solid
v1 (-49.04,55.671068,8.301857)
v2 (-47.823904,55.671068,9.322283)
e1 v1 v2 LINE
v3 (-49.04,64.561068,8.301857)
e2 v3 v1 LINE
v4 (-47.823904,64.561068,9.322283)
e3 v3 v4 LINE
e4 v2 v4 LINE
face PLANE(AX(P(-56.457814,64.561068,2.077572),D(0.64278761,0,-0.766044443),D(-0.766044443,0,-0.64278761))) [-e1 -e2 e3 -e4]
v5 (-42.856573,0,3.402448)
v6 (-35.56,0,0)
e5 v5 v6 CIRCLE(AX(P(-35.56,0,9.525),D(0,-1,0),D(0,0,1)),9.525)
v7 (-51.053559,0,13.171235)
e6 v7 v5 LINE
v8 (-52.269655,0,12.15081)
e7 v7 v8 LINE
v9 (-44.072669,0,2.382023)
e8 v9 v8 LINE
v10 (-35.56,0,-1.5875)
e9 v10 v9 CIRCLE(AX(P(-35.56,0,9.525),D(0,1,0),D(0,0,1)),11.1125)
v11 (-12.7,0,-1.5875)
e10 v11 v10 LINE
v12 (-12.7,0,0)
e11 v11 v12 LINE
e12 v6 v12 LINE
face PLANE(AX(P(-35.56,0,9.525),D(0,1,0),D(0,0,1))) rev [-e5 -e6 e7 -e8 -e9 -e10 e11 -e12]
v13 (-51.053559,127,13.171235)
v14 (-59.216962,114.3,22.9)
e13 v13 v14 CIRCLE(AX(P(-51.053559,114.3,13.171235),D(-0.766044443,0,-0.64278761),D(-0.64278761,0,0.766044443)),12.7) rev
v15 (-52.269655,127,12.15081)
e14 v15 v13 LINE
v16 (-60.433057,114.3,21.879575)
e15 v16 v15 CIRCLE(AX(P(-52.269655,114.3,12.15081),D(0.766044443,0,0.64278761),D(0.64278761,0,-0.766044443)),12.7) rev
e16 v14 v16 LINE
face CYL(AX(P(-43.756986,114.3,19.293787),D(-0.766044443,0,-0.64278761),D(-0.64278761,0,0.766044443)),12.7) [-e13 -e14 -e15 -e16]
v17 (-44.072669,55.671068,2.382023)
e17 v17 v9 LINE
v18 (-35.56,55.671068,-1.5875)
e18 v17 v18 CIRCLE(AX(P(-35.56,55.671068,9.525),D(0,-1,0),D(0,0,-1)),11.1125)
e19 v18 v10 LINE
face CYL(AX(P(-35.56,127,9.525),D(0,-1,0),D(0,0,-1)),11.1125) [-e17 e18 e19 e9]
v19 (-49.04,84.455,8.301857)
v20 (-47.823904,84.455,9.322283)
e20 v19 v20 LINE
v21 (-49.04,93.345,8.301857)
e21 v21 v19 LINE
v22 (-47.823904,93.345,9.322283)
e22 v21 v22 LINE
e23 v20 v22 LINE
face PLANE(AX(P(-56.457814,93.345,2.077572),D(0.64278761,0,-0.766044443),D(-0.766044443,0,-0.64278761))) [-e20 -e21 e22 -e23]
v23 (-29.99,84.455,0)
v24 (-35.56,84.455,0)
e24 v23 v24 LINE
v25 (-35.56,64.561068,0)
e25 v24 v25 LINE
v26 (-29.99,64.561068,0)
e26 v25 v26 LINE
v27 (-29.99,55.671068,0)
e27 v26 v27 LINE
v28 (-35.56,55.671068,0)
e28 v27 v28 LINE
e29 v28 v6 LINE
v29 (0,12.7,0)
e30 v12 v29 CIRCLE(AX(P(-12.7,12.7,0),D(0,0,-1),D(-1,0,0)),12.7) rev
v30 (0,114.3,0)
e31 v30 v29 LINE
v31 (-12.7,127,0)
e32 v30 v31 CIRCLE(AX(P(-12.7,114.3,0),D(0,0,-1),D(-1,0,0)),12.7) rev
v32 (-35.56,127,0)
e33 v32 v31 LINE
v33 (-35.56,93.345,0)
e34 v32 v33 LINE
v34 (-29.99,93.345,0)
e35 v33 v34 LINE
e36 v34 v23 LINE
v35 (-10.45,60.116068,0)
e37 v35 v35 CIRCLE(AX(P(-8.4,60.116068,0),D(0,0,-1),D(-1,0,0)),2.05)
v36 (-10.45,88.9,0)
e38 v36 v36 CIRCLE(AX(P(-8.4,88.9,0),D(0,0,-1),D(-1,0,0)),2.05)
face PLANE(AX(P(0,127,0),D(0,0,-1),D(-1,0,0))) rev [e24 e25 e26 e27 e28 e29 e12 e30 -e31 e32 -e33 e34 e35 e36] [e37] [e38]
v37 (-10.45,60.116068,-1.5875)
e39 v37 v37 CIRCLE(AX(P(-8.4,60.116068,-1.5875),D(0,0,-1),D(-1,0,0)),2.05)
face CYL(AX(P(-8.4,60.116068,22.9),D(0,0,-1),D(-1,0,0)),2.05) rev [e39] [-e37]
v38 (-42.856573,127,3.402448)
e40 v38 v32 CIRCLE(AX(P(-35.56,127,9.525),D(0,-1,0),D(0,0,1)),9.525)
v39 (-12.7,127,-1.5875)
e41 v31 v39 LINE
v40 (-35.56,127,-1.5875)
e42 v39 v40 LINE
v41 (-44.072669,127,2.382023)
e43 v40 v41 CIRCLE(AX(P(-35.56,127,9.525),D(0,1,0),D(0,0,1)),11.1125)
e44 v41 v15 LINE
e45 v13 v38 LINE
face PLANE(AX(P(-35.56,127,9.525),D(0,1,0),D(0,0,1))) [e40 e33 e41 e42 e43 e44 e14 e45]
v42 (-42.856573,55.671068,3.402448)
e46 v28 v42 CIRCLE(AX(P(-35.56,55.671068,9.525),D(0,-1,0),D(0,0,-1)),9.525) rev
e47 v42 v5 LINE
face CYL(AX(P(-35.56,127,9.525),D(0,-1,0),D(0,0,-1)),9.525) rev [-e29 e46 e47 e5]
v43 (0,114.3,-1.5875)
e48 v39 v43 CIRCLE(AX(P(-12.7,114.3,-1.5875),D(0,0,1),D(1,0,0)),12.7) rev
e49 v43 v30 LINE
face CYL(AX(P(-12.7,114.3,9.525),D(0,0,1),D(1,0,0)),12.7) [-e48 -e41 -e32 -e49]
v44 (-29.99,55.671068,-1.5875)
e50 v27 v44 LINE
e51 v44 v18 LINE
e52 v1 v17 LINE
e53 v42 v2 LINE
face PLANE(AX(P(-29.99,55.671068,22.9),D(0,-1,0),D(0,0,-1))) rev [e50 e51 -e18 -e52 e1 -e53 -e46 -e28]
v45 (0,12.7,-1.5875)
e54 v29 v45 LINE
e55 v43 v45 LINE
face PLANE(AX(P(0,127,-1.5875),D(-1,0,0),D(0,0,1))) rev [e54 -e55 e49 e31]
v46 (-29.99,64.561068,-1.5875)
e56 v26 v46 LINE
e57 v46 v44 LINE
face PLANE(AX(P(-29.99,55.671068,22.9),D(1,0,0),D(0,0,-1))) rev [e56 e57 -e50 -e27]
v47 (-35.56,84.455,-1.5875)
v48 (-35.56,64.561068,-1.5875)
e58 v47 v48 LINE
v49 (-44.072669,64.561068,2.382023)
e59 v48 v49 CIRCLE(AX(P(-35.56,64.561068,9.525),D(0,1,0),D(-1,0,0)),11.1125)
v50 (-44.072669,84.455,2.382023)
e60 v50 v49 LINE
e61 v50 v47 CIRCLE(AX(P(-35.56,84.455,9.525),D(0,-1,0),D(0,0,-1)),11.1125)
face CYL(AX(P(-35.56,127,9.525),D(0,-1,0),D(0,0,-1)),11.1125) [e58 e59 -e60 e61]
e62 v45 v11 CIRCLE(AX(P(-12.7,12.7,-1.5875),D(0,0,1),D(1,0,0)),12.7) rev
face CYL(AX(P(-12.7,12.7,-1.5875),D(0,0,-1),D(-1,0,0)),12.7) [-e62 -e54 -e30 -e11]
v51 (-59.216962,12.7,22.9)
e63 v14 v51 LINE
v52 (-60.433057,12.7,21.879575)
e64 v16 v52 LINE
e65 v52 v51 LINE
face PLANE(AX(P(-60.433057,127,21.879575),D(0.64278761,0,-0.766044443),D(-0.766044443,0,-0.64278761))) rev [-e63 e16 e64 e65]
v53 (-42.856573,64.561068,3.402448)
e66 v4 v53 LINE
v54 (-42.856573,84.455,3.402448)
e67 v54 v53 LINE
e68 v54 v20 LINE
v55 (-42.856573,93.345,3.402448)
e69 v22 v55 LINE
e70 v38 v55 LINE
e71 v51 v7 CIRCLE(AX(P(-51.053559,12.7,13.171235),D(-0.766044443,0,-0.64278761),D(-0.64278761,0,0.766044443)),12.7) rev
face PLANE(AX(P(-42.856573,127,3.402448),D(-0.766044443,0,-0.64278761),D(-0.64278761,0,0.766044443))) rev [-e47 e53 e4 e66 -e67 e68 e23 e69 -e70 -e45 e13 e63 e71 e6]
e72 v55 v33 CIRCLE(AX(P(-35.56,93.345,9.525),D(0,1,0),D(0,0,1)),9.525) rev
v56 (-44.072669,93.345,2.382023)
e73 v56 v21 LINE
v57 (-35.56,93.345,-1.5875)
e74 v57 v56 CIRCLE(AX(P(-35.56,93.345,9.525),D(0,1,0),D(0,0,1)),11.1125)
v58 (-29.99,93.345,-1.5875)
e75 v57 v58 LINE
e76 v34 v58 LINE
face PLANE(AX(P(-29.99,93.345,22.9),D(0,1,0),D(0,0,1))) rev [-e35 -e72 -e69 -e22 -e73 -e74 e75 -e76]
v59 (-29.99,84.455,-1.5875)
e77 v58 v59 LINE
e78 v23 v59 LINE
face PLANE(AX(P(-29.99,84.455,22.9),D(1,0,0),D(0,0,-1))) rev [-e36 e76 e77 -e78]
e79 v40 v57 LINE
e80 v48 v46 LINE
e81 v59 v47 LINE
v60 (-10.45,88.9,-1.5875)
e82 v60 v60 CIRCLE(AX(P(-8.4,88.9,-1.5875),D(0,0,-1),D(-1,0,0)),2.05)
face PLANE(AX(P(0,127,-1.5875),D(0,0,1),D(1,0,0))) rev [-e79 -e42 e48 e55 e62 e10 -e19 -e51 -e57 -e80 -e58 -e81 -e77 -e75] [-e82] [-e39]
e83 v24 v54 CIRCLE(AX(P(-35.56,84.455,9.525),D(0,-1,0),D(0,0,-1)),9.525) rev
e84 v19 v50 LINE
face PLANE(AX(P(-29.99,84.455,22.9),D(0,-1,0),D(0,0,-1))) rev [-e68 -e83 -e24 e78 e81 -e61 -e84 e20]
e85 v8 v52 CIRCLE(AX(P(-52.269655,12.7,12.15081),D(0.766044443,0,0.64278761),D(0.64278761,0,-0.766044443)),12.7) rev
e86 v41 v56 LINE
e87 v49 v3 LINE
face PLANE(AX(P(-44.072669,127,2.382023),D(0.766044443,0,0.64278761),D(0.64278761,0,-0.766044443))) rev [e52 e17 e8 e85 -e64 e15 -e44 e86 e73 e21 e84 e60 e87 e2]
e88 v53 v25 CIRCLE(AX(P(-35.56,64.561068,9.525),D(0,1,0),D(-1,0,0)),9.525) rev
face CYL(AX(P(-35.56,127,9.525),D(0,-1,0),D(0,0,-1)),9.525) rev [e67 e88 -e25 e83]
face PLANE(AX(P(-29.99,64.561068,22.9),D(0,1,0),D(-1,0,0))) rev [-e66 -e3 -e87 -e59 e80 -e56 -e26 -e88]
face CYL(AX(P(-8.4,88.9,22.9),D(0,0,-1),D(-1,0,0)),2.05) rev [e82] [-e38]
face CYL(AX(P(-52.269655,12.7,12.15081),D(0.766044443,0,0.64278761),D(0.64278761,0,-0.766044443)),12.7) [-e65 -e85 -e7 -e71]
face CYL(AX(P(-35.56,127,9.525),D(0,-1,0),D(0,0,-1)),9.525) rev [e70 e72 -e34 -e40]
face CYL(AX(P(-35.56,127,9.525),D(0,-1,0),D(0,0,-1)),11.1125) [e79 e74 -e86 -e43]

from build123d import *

# Parameters (mm, degrees)
BOSS_EXTRUDE1_DEPTH = 127
SKETCH2_R           = 2.049999964
SKETCH2_W           = 19.05
SKETCH2_H           = 8.89
CUT_EXTRUDE1_DEPTH  = 25.48749992
FILLET1_R           = 12.7
BOSS_EXTRUDE2_REACH = 18.672
SKETCH4_W           = 1.891908828
SKETCH4_H           = 8.89


with BuildPart() as part:
    # Sketch1 → Boss-Extrude1 (new body)
    with BuildSketch(Plane(origin=(0, 0, 0), x_dir=(1, 0, 0), z_dir=(0, 1, 0))):
        with BuildLine():
            Line((0, 0), (-35.56, 0))
            ThreePointArc((-35.56, 0), (-39.585438943, -0.892418328), (-42.856573321, -3.402448018))
            Line((-42.856573321, -3.402448018), (-59.216961931, -22.89999992))
            Line((-59.216961931, -22.89999992), (-60.433057484, -21.87957459))
            Line((-60.433057484, -21.87957459), (-44.072668874, -2.382022687))
            ThreePointArc((-44.072668874, -2.382022687), (-40.256345434, 0.546345283), (-35.56, 1.5875))
            Line((-35.56, 1.5875), (0, 1.5875))
            Line((0, 1.5875), (0, 0))
        make_face()
    extrude(amount=BOSS_EXTRUDE1_DEPTH)

    # Sketch2 → Cut-Extrude1 (cut, through all)
    with BuildSketch(Plane(origin=(0, 0, -1.5875), x_dir=(-1, 0, 0), z_dir=(0, 0, -1))):
        with Locations((8.399999964, 88.9)):
            Circle(SKETCH2_R)
        with Locations((8.399999964, 60.116067728)):
            Circle(SKETCH2_R)
        with Locations((39.514999964, 88.9)):
            Rectangle(SKETCH2_W, SKETCH2_H)
        with Locations((39.514999964, 60.116067728)):
            Rectangle(SKETCH2_W, SKETCH2_H)
    extrude(amount=-CUT_EXTRUDE1_DEPTH, mode=Mode.SUBTRACT)

    # Fillet1
    fillet1_edges = [part.edges().sort_by_distance(p)[0] for p in [
        (0, 0, -0.79375),
        (-59.825009707, 127, 22.389787255),
        (0, 127, -0.79375),
        (-59.825009707, 0, 22.389787255),
    ]]
    fillet(fillet1_edges, radius=FILLET1_R)

    # Boss-Extrude2: up to this face of the body (flat: up to its plane)
    boss_extrude2_end = Plane(part.part.faces().sort_by_distance((-49.039999964, 88.9, 9.536713147))[0])
    # Sketch4 → Boss-Extrude2 (add, up to the picked face)
    with BuildSketch(Plane(origin=(-23.473890996, 0, -19.696933277), x_dir=(0.64278761, 0, -0.766044443), z_dir=(0.766044443, 0, 0.64278761)), mode=Mode.PRIVATE) as boss_extrude2_sk1:
        with Locations((-38.827850468, 88.9)):
            Rectangle(SKETCH4_W, SKETCH4_H)
    boss_extrude2_tool1 = split(extrude(boss_extrude2_sk1.sketch, amount=-BOSS_EXTRUDE2_REACH, mode=Mode.PRIVATE), bisect_by=boss_extrude2_end, keep=Keep.BOTH, mode=Mode.PRIVATE)
    add(boss_extrude2_tool1.solids().sort_by_distance((-48.431952, 88.9, 10.046926))[0])
    # Sketch4 → Boss-Extrude2 (add, up to the picked face)
    with BuildSketch(Plane(origin=(-23.473890996, 0, -19.696933277), x_dir=(0.64278761, 0, -0.766044443), z_dir=(0.766044443, 0, 0.64278761)), mode=Mode.PRIVATE) as boss_extrude2_sk2:
        with Locations((-38.827850468, 60.116067728)):
            Rectangle(SKETCH4_W, SKETCH4_H)
    boss_extrude2_tool2 = split(extrude(boss_extrude2_sk2.sketch, amount=-BOSS_EXTRUDE2_REACH, mode=Mode.PRIVATE), bisect_by=boss_extrude2_end, keep=Keep.BOTH, mode=Mode.PRIVATE)
    add(boss_extrude2_tool2.solids().sort_by_distance((-48.431952, 60.116068, 10.046926))[0])


solid = part.part
